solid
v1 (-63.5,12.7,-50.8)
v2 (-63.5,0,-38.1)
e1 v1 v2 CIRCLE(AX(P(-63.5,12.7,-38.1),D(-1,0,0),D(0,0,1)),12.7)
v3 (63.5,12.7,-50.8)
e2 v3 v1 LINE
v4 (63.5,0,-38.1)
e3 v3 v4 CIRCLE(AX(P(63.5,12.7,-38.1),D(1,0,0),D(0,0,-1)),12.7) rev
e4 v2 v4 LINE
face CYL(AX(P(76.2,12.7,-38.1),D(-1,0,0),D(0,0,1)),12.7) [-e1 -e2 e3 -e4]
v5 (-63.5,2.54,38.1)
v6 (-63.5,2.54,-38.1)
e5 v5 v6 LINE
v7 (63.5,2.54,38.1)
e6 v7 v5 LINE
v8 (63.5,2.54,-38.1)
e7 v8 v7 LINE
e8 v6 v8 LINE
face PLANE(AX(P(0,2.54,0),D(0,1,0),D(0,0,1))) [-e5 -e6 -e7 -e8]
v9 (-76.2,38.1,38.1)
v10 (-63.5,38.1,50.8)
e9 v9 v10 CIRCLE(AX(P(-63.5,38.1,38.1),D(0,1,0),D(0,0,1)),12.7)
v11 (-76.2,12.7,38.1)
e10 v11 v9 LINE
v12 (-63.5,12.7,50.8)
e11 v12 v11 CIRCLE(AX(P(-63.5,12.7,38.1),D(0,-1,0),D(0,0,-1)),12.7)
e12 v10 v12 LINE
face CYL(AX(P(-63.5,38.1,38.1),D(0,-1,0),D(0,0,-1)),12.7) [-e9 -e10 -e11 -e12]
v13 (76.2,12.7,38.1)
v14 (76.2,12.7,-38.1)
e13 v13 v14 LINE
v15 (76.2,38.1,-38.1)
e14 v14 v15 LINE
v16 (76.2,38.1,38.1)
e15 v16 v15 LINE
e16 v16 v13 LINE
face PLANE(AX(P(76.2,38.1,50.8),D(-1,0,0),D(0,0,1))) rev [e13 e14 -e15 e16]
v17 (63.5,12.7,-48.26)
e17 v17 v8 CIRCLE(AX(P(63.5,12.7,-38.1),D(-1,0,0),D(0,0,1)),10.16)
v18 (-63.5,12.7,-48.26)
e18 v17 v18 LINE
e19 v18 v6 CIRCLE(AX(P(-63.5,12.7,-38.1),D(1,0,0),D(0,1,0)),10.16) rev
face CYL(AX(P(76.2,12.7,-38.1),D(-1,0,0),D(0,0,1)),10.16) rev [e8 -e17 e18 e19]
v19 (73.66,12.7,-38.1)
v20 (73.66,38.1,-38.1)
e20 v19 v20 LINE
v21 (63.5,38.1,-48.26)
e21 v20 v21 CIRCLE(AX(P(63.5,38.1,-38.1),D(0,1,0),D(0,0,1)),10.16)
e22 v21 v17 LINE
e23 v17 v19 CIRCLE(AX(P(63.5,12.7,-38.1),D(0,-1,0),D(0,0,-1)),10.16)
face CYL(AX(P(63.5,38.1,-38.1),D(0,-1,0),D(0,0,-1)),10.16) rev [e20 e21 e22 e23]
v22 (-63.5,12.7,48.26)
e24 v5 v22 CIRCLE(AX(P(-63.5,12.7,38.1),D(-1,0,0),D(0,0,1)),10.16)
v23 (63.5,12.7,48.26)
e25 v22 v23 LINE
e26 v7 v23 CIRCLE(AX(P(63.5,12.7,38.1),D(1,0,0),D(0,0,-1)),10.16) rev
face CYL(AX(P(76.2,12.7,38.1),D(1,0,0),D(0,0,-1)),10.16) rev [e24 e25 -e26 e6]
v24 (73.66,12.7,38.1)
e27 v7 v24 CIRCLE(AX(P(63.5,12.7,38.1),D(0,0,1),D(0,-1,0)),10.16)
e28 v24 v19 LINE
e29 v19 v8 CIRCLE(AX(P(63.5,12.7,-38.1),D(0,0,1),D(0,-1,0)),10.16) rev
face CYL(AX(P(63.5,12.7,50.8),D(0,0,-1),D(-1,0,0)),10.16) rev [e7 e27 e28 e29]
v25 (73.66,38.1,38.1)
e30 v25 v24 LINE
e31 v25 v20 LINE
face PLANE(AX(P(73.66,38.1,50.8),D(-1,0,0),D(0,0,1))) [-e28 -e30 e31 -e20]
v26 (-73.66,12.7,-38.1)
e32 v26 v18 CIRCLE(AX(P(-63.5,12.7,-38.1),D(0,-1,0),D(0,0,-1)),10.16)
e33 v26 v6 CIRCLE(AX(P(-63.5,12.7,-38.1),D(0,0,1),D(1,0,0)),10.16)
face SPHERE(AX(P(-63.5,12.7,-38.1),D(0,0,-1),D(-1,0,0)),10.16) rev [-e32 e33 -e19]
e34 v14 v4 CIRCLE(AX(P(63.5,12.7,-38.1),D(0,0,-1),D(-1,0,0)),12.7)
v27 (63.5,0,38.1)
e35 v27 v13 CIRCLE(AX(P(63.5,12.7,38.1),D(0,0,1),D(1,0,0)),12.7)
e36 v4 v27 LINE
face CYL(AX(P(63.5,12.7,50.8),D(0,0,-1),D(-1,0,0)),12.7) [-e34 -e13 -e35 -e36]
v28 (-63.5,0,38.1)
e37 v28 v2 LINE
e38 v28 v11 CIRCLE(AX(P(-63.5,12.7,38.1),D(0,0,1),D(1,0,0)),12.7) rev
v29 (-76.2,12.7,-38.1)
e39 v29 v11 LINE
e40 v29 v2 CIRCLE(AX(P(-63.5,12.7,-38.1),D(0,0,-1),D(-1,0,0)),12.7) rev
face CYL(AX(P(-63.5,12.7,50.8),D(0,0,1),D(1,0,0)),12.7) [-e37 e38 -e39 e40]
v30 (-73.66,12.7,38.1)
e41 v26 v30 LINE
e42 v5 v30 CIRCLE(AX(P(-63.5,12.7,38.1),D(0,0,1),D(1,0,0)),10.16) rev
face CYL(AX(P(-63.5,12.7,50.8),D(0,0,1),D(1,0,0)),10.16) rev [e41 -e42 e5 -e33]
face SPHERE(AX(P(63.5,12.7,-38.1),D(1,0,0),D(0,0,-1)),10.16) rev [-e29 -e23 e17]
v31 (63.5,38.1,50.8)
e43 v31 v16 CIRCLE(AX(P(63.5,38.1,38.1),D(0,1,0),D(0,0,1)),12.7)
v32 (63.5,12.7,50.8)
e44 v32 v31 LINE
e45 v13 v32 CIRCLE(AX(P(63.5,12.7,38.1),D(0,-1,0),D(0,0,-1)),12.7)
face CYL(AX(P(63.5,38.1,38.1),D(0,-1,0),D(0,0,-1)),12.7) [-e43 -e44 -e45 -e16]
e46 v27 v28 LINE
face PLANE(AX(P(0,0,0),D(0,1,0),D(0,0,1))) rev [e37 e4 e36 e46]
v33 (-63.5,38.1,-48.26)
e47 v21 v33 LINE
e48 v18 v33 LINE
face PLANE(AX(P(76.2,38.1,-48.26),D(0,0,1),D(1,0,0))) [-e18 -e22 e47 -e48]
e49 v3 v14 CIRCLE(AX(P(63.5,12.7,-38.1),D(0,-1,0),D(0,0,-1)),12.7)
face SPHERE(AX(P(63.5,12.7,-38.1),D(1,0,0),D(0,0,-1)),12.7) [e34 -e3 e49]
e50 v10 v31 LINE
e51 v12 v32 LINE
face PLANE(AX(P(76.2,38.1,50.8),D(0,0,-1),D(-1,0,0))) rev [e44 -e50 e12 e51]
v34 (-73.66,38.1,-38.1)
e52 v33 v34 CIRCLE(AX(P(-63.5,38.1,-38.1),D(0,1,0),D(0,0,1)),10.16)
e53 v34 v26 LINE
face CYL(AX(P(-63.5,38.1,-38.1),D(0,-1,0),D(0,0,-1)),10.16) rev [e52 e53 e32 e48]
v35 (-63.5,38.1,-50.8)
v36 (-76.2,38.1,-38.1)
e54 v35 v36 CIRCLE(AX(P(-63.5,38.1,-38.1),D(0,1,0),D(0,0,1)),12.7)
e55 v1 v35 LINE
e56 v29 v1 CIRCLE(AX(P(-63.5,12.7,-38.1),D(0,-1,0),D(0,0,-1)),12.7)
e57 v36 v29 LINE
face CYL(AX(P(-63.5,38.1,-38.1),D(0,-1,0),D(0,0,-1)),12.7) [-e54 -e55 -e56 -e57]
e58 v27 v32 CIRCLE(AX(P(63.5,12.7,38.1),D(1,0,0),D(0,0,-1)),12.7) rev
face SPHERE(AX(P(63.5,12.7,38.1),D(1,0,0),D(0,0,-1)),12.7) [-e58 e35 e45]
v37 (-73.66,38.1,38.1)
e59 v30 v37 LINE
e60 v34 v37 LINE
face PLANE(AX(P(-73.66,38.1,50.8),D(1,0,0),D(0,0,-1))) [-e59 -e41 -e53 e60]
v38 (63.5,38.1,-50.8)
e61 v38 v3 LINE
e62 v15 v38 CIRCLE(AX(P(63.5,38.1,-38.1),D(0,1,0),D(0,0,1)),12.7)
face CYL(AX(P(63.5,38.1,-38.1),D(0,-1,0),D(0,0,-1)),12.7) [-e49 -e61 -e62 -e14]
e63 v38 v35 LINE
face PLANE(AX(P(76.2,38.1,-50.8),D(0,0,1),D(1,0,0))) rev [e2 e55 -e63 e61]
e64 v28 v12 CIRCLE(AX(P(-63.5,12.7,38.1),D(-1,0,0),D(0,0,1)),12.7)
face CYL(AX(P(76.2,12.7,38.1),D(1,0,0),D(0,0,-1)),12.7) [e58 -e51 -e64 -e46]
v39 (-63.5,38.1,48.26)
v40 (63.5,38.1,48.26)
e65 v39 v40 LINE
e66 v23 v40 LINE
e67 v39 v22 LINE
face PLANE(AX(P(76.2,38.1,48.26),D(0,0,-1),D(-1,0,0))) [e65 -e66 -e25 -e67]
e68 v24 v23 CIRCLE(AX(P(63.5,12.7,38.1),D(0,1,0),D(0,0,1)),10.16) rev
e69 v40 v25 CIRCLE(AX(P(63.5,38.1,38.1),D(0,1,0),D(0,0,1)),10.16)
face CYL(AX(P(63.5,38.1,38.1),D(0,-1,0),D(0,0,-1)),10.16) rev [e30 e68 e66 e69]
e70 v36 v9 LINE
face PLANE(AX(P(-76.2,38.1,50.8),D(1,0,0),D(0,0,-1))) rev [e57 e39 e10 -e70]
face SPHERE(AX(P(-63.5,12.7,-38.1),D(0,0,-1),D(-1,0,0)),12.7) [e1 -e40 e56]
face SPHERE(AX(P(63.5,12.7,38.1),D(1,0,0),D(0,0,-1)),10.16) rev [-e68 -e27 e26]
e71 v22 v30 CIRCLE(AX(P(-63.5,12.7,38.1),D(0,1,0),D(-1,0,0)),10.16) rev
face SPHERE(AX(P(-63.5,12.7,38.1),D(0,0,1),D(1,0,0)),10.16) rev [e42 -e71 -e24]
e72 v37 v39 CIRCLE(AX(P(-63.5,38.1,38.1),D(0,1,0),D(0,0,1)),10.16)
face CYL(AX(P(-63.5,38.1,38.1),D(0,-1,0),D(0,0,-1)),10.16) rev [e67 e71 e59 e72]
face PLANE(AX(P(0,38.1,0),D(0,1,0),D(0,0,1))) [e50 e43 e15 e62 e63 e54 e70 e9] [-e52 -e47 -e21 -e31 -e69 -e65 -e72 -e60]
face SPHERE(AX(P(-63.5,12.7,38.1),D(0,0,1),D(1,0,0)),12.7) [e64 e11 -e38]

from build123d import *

# Parameters (mm, degrees)
CROQUIS1_W              = 152.4
CROQUIS1_H              = 101.6
SALIENTE_EXTRUIR1_DEPTH = 38.1
REDONDEO1_R             = 12.7
VACIADO1_T              = -2.54


with BuildPart() as part:
    # Croquis1 → Saliente-Extruir1 (new body)
    with BuildSketch(Plane(origin=(0, 0, 0), x_dir=(1, 0, 0), z_dir=(0, 1, 0))):
        Rectangle(CROQUIS1_W, CROQUIS1_H)
    extrude(amount=SALIENTE_EXTRUIR1_DEPTH)

    # Redondeo1
    redondeo1_edges = [part.edges().sort_by_distance(p)[0] for p in [
        (0, 0, -50.8),
        (76.2, 0, 0),
        (0, 0, 50.8),
        (-76.2, 0, 0),
        (-76.2, 19.05, -50.8),
        (76.2, 19.05, -50.8),
        (76.2, 19.05, 50.8),
        (-76.2, 19.05, 50.8),
    ]]
    fillet(redondeo1_edges, radius=REDONDEO1_R)

    # Vaciado1
    vaciado1_openings = [part.faces().sort_by_distance(p)[0] for p in [
        (0, 38.1, 0),
    ]]
    offset(amount=VACIADO1_T, openings=vaciado1_openings, kind=Kind.INTERSECTION)


solid = part.part
